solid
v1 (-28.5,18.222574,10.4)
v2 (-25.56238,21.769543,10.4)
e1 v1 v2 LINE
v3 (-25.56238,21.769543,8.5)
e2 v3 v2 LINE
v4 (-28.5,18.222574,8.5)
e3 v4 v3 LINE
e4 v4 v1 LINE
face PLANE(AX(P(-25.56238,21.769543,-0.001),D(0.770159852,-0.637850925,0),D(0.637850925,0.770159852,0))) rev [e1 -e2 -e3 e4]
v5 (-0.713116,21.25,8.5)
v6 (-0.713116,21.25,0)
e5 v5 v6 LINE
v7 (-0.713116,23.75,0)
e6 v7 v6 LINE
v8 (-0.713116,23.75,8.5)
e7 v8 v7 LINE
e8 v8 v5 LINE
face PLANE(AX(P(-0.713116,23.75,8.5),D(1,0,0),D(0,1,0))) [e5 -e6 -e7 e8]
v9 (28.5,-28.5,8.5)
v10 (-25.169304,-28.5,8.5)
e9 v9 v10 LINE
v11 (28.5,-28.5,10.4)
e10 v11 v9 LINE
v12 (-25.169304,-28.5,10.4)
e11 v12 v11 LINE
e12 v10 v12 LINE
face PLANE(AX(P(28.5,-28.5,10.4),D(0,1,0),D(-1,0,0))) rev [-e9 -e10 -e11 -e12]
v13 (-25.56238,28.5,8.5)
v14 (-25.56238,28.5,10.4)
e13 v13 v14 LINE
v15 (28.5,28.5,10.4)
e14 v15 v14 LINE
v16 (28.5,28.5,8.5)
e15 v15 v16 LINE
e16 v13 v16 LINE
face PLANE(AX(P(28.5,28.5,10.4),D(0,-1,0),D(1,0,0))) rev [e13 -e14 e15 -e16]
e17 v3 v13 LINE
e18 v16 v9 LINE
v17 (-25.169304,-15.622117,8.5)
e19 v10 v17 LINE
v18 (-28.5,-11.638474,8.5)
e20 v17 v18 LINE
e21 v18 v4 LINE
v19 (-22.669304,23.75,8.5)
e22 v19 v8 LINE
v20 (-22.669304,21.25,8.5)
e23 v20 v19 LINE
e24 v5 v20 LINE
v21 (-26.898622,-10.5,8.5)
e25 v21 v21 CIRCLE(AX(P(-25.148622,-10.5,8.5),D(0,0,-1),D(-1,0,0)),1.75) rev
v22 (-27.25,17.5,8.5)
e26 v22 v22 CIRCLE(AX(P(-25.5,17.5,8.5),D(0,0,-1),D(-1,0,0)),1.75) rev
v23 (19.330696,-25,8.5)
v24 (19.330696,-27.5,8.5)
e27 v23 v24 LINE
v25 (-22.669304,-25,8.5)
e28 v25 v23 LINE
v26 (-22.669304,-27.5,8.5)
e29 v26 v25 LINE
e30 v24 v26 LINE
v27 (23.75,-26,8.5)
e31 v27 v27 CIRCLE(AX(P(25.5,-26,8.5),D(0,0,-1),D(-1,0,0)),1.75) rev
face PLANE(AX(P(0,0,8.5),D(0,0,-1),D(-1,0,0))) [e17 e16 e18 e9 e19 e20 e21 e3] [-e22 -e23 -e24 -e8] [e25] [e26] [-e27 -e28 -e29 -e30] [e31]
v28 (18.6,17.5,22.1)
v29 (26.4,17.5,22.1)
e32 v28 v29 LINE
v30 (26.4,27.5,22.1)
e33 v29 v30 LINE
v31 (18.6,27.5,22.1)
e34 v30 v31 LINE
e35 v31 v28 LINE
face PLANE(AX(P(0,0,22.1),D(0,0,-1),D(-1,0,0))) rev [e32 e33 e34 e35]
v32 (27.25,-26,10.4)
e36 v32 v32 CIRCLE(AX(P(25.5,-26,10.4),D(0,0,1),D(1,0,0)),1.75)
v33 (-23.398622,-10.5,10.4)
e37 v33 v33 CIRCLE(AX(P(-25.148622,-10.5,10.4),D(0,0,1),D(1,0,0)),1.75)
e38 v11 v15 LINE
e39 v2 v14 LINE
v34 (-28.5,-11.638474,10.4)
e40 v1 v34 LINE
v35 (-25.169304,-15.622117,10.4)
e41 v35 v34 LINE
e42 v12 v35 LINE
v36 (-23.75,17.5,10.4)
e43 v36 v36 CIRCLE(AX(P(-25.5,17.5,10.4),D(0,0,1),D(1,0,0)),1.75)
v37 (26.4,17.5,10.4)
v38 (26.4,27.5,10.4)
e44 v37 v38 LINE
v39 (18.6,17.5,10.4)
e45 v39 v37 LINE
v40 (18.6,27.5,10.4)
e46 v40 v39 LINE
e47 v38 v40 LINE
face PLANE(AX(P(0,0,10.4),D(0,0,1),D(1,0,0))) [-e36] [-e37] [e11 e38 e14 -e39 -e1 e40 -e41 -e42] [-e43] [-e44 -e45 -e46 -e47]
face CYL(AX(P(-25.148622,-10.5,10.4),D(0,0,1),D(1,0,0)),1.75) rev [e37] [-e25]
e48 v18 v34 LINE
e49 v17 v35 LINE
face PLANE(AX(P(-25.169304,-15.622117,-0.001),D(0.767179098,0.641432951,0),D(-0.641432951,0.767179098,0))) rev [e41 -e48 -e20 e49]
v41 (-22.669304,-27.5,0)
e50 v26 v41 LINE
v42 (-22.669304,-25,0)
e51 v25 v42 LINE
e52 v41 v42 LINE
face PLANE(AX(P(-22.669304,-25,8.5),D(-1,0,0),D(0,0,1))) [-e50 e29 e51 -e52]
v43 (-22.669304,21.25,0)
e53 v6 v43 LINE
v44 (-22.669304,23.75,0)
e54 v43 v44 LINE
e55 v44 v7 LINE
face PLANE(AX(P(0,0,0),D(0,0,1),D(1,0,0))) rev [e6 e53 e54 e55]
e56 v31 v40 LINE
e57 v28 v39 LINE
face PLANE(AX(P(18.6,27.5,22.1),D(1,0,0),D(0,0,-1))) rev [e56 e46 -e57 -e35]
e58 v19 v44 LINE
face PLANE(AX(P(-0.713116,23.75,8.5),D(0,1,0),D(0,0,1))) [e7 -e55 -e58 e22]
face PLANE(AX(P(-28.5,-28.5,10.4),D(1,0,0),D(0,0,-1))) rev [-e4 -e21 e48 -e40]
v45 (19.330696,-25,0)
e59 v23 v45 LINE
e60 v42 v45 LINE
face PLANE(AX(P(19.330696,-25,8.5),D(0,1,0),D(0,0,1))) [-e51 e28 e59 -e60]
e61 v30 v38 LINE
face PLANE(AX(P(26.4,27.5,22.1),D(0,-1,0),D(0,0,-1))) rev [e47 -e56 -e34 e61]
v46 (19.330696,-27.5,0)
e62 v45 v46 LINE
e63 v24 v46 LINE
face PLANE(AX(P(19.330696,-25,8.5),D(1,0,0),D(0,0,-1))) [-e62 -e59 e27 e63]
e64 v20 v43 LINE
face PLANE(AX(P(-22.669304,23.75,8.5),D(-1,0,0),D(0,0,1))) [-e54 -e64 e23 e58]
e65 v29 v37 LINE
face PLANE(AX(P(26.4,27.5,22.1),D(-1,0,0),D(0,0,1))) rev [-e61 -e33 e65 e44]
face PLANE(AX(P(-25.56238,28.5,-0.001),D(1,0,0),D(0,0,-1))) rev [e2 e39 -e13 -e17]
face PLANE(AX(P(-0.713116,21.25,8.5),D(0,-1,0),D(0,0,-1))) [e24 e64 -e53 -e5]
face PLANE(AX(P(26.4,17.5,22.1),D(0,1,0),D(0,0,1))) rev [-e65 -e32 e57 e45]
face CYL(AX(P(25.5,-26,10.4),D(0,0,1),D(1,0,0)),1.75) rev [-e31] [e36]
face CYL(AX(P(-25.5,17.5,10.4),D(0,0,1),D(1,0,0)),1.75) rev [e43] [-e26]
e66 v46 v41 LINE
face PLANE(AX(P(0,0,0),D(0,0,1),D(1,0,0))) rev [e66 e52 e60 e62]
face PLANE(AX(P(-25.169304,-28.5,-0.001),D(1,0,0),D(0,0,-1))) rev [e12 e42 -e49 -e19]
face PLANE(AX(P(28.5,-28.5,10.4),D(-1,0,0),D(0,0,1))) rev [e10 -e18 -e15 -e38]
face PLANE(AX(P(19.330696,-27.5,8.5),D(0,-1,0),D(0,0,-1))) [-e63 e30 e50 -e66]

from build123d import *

# Parameters (mm, degrees)
SKETCH1_W                      = 57
SKETCH1_H                      = 57
BOSS_EXTRUDE1_DEPTH            = 10.4
SKETCH2_W                      = 7.8
SKETCH2_H                      = 10
BOSS_EXTRUDE3_DEPTH            = 11.7
F_3_5_3_5_DIAMETER_HOLE1_D     = 3.5
F_3_5_3_5_DIAMETER_HOLE1_DEPTH = 10.4
CUT_EXTRUDE1_REACH             = 12.4
SKETCH7_W                      = 21.956188663
SKETCH7_H                      = 2.5
SKETCH7_W_2                    = 42
CUT_EXTRUDE2_DEPTH             = 8.5


with BuildPart() as part:
    # Sketch1 → Boss-Extrude1 (new body)
    with BuildSketch(Plane.XY):
        Rectangle(SKETCH1_W, SKETCH1_H)
    extrude(amount=BOSS_EXTRUDE1_DEPTH)

    # Sketch2 → Boss-Extrude3 (add)
    with BuildSketch(Plane.XY.offset(10.4)):
        with Locations((22.5, 22.5)):
            Rectangle(SKETCH2_W, SKETCH2_H)
    extrude(amount=BOSS_EXTRUDE3_DEPTH)

    # Ø3.5 (3.5) Diameter Hole1
    with Locations(Plane.XY.offset(10.4)):
        with Locations((-25.5, 17.5), (-25.148622044, -10.5), (25.5, -26)):
            Hole(F_3_5_3_5_DIAMETER_HOLE1_D / 2, depth=F_3_5_3_5_DIAMETER_HOLE1_DEPTH)

    # Sketch6 → Cut-Extrude1 (cut, up to next)
    with BuildSketch(Plane.XY.offset(10.4), mode=Mode.PRIVATE) as cut_extrude1_sk1:
        Polygon((-25.562379587, 28.5), (-25.562379587, 21.769543161), (-28.5, 18.222574402), (-28.5, 28.5), align=None)
    cut_extrude1_tool1 = extrude(cut_extrude1_sk1.sketch, amount=-CUT_EXTRUDE1_REACH, mode=Mode.PRIVATE) & part.part
    add(cut_extrude1_tool1.solids().sort_by_distance((-27.133296, 24.186386, 10.4))[0], mode=Mode.SUBTRACT)
    # Sketch6 → Cut-Extrude1 (cut, up to next)
    with BuildSketch(Plane.XY.offset(10.4), mode=Mode.PRIVATE) as cut_extrude1_sk2:
        Polygon((-25.169304276, -15.622117115), (-28.5, -11.638473715), (-28.5, -28.5), (-25.169304276, -28.5), align=None)
    cut_extrude1_tool2 = extrude(cut_extrude1_sk2.sketch, amount=-CUT_EXTRUDE1_REACH, mode=Mode.PRIVATE) & part.part
    add(cut_extrude1_tool2.solids().sort_by_distance((-26.909011, -21.02068, 10.4))[0], mode=Mode.SUBTRACT)

    # Sketch7 → Cut-Extrude2 (cut)
    with BuildSketch(Plane(origin=(0, 0, 0), x_dir=(-1, 0, 0), z_dir=(0, 0, -1))):
        Polygon((-28.5, -28.5), (25.169304276, -28.5), (25.169304276, -15.622117115), (28.5, -11.638473715), (28.5, 18.222574402), (25.562379587, 21.769543161), (25.562379587, 28.5), (-28.5, 28.5), align=None)
        with Locations((11.691209945, 22.5)):
            Rectangle(SKETCH7_W, SKETCH7_H, mode=Mode.SUBTRACT)
        with Locations((1.669304276, -26.25)):
            Rectangle(SKETCH7_W_2, SKETCH7_H, mode=Mode.SUBTRACT)
    extrude(amount=-CUT_EXTRUDE2_DEPTH, mode=Mode.SUBTRACT)


solid = part.part
